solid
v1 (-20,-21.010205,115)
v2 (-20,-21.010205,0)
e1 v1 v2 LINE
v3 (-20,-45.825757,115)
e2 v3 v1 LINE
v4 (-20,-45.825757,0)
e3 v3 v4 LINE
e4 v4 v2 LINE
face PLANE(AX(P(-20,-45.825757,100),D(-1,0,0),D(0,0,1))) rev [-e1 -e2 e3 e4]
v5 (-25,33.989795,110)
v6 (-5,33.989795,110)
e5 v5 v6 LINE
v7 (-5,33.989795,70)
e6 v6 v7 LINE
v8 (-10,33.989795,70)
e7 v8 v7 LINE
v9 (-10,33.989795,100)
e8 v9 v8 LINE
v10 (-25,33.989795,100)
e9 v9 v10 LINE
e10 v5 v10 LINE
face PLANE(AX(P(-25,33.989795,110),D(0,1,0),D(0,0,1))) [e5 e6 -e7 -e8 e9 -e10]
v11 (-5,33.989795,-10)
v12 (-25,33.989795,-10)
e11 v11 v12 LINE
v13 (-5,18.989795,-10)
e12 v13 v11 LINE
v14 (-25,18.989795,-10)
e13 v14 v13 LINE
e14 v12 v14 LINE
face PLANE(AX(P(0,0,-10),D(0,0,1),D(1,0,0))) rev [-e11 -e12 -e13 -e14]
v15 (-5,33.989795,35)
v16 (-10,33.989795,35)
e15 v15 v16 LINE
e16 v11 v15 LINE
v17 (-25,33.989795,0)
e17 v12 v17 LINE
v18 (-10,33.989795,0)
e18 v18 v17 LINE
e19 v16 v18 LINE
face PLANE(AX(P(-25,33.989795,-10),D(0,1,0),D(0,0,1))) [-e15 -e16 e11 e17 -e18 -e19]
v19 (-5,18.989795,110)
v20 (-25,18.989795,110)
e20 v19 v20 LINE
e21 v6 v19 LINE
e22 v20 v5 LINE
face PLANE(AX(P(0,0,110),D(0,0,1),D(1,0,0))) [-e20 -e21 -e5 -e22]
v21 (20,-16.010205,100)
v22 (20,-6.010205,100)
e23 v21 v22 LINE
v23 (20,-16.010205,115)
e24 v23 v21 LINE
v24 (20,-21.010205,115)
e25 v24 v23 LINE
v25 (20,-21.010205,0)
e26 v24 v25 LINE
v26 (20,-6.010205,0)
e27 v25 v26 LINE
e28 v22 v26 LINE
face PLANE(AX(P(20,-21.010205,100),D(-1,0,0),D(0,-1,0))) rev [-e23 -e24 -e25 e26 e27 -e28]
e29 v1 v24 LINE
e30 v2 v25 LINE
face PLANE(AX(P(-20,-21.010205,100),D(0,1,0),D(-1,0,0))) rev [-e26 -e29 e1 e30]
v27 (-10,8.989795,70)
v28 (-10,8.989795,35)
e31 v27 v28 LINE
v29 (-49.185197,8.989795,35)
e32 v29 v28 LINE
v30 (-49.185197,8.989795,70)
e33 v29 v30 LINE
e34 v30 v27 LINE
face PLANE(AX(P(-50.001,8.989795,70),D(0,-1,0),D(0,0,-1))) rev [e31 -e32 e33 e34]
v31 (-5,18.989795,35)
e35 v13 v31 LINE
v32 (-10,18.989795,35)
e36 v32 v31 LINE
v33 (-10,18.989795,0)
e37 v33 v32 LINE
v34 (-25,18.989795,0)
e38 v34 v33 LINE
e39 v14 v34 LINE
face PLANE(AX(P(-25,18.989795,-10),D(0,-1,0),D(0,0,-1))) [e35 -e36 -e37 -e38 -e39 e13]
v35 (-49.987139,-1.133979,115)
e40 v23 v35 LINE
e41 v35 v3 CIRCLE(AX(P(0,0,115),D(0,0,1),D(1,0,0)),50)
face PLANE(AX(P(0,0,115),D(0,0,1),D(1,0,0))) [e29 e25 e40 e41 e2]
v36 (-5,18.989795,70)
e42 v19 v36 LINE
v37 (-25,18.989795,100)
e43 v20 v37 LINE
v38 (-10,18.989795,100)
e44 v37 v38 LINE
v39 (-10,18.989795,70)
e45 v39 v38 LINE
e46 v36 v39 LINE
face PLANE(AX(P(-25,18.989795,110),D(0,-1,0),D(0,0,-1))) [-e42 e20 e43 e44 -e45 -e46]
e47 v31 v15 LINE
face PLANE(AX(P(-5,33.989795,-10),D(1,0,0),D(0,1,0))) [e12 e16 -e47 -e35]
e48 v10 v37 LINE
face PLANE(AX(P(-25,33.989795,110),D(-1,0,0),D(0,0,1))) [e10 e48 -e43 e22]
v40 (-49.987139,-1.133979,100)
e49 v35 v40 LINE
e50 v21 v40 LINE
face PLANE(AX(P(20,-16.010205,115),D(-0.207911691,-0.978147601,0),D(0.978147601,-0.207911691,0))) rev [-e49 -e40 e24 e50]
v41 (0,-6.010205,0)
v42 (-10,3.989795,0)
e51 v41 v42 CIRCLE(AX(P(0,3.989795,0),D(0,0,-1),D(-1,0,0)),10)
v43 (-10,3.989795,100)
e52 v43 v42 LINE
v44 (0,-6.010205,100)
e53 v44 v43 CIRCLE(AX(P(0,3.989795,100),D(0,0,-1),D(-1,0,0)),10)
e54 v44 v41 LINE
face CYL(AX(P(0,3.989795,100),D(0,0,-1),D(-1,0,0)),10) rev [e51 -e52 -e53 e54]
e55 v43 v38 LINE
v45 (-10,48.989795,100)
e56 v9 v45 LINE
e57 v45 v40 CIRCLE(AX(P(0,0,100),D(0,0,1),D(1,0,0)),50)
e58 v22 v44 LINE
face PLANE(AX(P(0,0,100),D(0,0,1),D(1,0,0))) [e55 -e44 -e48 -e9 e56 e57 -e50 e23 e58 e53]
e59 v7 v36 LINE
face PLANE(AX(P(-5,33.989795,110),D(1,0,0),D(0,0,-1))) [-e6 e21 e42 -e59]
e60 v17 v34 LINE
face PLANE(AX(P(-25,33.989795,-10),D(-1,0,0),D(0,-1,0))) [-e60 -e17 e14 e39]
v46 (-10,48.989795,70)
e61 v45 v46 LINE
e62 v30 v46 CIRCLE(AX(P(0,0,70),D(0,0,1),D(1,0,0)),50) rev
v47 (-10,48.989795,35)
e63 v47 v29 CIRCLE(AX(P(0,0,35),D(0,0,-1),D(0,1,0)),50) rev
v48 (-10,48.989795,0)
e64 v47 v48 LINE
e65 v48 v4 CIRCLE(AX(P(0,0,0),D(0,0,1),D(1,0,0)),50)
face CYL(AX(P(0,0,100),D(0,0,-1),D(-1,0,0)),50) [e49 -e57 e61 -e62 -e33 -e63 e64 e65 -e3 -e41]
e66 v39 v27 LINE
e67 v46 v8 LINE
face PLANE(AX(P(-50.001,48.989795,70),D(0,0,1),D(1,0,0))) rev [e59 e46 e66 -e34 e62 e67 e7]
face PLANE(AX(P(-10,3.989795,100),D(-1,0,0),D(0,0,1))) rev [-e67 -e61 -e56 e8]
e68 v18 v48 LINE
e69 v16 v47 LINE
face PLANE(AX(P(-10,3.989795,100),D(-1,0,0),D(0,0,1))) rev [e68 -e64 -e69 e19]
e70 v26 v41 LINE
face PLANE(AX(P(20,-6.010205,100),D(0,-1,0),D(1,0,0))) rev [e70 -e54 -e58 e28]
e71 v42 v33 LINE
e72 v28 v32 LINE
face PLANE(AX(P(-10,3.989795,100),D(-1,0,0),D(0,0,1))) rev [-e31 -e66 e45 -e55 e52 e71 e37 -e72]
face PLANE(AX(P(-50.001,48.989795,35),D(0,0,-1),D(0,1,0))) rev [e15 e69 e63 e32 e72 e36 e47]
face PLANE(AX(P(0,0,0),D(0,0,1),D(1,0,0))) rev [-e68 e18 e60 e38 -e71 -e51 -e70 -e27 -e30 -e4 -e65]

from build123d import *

# Parameters (mm, degrees)
BOSS_EXTRUDE1_DEPTH = 100
CUT_EXTRUDE1_REACH  = 42
SKETCH2_W           = 35
SKETCH2_H           = 40
SKETCH3_W           = 20
SKETCH3_H           = 15
BOSS_EXTRUDE2_DEPTH = 45
SKETCH4_W           = 20
SKETCH4_H           = 15
BOSS_EXTRUDE3_DEPTH = 40
BOSS_EXTRUDE4_DEPTH = 15


with BuildPart() as part:
    # Sketch1 → Boss-Extrude1 (new body)
    with BuildSketch(Plane.XY):
        with BuildLine():
            Line((-20, -45.82575695), (-20, -21.010205144))
            Line((-20, -21.010205144), (20, -21.010205144))
            Line((20, -21.010205144), (20, -6.010205144))
            Line((20, -6.010205144), (0, -6.010205144))
            ThreePointArc((0, -6.010205144), (-7.071067812, -3.081272956), (-10, 3.989794856))
            Line((-10, 3.989794856), (-10, 48.989794856))
            ThreePointArc((-10, 48.989794856), (-49.724211568, 5.244309675), (-20, -45.82575695))
        make_face()
    extrude(amount=BOSS_EXTRUDE1_DEPTH)

    # Sketch2 → Cut-Extrude1 (cut, up to next)
    with BuildSketch(Plane(origin=(-10, 0, 0), x_dir=(0, 0, -1), z_dir=(1, 0, 0)), mode=Mode.PRIVATE) as cut_extrude1_sk1:
        with Locations((-52.5, 28.989794856)):
            Rectangle(SKETCH2_W, SKETCH2_H)
    cut_extrude1_tool1 = extrude(cut_extrude1_sk1.sketch, amount=-CUT_EXTRUDE1_REACH, mode=Mode.PRIVATE) & part.part
    add(cut_extrude1_tool1.solids().sort_by_distance((-10, 28.989795, 52.5))[0], mode=Mode.SUBTRACT)

    # Sketch3 → Boss-Extrude2 (add)
    with BuildSketch(Plane.XY.offset(35)):
        with Locations((-15, 26.489794856)):
            Rectangle(SKETCH3_W, SKETCH3_H)
    extrude(amount=-BOSS_EXTRUDE2_DEPTH)

    # Sketch4 → Boss-Extrude3 (add)
    with BuildSketch(Plane(origin=(0, 0, 70), x_dir=(-1, 0, 0), z_dir=(0, 0, -1))):
        with Locations((15, 26.489794856)):
            Rectangle(SKETCH4_W, SKETCH4_H)
    extrude(amount=-BOSS_EXTRUDE3_DEPTH)

    # Sketch5 → Boss-Extrude4 (add)
    with BuildSketch(Plane.XY.offset(100)):
        with BuildLine():
            Line((20, -16.010205144), (-49.987139252, -1.133979464))
            ThreePointArc((-49.987139252, -1.133979464), (-41.519738184, -27.85877494), (-20, -45.82575695))
            Line((-20, -45.82575695), (-20, -21.010205144))
            Line((-20, -21.010205144), (20, -21.010205144))
            Line((20, -21.010205144), (20, -16.010205144))
        make_face()
    extrude(amount=BOSS_EXTRUDE4_DEPTH)


solid = part.part
